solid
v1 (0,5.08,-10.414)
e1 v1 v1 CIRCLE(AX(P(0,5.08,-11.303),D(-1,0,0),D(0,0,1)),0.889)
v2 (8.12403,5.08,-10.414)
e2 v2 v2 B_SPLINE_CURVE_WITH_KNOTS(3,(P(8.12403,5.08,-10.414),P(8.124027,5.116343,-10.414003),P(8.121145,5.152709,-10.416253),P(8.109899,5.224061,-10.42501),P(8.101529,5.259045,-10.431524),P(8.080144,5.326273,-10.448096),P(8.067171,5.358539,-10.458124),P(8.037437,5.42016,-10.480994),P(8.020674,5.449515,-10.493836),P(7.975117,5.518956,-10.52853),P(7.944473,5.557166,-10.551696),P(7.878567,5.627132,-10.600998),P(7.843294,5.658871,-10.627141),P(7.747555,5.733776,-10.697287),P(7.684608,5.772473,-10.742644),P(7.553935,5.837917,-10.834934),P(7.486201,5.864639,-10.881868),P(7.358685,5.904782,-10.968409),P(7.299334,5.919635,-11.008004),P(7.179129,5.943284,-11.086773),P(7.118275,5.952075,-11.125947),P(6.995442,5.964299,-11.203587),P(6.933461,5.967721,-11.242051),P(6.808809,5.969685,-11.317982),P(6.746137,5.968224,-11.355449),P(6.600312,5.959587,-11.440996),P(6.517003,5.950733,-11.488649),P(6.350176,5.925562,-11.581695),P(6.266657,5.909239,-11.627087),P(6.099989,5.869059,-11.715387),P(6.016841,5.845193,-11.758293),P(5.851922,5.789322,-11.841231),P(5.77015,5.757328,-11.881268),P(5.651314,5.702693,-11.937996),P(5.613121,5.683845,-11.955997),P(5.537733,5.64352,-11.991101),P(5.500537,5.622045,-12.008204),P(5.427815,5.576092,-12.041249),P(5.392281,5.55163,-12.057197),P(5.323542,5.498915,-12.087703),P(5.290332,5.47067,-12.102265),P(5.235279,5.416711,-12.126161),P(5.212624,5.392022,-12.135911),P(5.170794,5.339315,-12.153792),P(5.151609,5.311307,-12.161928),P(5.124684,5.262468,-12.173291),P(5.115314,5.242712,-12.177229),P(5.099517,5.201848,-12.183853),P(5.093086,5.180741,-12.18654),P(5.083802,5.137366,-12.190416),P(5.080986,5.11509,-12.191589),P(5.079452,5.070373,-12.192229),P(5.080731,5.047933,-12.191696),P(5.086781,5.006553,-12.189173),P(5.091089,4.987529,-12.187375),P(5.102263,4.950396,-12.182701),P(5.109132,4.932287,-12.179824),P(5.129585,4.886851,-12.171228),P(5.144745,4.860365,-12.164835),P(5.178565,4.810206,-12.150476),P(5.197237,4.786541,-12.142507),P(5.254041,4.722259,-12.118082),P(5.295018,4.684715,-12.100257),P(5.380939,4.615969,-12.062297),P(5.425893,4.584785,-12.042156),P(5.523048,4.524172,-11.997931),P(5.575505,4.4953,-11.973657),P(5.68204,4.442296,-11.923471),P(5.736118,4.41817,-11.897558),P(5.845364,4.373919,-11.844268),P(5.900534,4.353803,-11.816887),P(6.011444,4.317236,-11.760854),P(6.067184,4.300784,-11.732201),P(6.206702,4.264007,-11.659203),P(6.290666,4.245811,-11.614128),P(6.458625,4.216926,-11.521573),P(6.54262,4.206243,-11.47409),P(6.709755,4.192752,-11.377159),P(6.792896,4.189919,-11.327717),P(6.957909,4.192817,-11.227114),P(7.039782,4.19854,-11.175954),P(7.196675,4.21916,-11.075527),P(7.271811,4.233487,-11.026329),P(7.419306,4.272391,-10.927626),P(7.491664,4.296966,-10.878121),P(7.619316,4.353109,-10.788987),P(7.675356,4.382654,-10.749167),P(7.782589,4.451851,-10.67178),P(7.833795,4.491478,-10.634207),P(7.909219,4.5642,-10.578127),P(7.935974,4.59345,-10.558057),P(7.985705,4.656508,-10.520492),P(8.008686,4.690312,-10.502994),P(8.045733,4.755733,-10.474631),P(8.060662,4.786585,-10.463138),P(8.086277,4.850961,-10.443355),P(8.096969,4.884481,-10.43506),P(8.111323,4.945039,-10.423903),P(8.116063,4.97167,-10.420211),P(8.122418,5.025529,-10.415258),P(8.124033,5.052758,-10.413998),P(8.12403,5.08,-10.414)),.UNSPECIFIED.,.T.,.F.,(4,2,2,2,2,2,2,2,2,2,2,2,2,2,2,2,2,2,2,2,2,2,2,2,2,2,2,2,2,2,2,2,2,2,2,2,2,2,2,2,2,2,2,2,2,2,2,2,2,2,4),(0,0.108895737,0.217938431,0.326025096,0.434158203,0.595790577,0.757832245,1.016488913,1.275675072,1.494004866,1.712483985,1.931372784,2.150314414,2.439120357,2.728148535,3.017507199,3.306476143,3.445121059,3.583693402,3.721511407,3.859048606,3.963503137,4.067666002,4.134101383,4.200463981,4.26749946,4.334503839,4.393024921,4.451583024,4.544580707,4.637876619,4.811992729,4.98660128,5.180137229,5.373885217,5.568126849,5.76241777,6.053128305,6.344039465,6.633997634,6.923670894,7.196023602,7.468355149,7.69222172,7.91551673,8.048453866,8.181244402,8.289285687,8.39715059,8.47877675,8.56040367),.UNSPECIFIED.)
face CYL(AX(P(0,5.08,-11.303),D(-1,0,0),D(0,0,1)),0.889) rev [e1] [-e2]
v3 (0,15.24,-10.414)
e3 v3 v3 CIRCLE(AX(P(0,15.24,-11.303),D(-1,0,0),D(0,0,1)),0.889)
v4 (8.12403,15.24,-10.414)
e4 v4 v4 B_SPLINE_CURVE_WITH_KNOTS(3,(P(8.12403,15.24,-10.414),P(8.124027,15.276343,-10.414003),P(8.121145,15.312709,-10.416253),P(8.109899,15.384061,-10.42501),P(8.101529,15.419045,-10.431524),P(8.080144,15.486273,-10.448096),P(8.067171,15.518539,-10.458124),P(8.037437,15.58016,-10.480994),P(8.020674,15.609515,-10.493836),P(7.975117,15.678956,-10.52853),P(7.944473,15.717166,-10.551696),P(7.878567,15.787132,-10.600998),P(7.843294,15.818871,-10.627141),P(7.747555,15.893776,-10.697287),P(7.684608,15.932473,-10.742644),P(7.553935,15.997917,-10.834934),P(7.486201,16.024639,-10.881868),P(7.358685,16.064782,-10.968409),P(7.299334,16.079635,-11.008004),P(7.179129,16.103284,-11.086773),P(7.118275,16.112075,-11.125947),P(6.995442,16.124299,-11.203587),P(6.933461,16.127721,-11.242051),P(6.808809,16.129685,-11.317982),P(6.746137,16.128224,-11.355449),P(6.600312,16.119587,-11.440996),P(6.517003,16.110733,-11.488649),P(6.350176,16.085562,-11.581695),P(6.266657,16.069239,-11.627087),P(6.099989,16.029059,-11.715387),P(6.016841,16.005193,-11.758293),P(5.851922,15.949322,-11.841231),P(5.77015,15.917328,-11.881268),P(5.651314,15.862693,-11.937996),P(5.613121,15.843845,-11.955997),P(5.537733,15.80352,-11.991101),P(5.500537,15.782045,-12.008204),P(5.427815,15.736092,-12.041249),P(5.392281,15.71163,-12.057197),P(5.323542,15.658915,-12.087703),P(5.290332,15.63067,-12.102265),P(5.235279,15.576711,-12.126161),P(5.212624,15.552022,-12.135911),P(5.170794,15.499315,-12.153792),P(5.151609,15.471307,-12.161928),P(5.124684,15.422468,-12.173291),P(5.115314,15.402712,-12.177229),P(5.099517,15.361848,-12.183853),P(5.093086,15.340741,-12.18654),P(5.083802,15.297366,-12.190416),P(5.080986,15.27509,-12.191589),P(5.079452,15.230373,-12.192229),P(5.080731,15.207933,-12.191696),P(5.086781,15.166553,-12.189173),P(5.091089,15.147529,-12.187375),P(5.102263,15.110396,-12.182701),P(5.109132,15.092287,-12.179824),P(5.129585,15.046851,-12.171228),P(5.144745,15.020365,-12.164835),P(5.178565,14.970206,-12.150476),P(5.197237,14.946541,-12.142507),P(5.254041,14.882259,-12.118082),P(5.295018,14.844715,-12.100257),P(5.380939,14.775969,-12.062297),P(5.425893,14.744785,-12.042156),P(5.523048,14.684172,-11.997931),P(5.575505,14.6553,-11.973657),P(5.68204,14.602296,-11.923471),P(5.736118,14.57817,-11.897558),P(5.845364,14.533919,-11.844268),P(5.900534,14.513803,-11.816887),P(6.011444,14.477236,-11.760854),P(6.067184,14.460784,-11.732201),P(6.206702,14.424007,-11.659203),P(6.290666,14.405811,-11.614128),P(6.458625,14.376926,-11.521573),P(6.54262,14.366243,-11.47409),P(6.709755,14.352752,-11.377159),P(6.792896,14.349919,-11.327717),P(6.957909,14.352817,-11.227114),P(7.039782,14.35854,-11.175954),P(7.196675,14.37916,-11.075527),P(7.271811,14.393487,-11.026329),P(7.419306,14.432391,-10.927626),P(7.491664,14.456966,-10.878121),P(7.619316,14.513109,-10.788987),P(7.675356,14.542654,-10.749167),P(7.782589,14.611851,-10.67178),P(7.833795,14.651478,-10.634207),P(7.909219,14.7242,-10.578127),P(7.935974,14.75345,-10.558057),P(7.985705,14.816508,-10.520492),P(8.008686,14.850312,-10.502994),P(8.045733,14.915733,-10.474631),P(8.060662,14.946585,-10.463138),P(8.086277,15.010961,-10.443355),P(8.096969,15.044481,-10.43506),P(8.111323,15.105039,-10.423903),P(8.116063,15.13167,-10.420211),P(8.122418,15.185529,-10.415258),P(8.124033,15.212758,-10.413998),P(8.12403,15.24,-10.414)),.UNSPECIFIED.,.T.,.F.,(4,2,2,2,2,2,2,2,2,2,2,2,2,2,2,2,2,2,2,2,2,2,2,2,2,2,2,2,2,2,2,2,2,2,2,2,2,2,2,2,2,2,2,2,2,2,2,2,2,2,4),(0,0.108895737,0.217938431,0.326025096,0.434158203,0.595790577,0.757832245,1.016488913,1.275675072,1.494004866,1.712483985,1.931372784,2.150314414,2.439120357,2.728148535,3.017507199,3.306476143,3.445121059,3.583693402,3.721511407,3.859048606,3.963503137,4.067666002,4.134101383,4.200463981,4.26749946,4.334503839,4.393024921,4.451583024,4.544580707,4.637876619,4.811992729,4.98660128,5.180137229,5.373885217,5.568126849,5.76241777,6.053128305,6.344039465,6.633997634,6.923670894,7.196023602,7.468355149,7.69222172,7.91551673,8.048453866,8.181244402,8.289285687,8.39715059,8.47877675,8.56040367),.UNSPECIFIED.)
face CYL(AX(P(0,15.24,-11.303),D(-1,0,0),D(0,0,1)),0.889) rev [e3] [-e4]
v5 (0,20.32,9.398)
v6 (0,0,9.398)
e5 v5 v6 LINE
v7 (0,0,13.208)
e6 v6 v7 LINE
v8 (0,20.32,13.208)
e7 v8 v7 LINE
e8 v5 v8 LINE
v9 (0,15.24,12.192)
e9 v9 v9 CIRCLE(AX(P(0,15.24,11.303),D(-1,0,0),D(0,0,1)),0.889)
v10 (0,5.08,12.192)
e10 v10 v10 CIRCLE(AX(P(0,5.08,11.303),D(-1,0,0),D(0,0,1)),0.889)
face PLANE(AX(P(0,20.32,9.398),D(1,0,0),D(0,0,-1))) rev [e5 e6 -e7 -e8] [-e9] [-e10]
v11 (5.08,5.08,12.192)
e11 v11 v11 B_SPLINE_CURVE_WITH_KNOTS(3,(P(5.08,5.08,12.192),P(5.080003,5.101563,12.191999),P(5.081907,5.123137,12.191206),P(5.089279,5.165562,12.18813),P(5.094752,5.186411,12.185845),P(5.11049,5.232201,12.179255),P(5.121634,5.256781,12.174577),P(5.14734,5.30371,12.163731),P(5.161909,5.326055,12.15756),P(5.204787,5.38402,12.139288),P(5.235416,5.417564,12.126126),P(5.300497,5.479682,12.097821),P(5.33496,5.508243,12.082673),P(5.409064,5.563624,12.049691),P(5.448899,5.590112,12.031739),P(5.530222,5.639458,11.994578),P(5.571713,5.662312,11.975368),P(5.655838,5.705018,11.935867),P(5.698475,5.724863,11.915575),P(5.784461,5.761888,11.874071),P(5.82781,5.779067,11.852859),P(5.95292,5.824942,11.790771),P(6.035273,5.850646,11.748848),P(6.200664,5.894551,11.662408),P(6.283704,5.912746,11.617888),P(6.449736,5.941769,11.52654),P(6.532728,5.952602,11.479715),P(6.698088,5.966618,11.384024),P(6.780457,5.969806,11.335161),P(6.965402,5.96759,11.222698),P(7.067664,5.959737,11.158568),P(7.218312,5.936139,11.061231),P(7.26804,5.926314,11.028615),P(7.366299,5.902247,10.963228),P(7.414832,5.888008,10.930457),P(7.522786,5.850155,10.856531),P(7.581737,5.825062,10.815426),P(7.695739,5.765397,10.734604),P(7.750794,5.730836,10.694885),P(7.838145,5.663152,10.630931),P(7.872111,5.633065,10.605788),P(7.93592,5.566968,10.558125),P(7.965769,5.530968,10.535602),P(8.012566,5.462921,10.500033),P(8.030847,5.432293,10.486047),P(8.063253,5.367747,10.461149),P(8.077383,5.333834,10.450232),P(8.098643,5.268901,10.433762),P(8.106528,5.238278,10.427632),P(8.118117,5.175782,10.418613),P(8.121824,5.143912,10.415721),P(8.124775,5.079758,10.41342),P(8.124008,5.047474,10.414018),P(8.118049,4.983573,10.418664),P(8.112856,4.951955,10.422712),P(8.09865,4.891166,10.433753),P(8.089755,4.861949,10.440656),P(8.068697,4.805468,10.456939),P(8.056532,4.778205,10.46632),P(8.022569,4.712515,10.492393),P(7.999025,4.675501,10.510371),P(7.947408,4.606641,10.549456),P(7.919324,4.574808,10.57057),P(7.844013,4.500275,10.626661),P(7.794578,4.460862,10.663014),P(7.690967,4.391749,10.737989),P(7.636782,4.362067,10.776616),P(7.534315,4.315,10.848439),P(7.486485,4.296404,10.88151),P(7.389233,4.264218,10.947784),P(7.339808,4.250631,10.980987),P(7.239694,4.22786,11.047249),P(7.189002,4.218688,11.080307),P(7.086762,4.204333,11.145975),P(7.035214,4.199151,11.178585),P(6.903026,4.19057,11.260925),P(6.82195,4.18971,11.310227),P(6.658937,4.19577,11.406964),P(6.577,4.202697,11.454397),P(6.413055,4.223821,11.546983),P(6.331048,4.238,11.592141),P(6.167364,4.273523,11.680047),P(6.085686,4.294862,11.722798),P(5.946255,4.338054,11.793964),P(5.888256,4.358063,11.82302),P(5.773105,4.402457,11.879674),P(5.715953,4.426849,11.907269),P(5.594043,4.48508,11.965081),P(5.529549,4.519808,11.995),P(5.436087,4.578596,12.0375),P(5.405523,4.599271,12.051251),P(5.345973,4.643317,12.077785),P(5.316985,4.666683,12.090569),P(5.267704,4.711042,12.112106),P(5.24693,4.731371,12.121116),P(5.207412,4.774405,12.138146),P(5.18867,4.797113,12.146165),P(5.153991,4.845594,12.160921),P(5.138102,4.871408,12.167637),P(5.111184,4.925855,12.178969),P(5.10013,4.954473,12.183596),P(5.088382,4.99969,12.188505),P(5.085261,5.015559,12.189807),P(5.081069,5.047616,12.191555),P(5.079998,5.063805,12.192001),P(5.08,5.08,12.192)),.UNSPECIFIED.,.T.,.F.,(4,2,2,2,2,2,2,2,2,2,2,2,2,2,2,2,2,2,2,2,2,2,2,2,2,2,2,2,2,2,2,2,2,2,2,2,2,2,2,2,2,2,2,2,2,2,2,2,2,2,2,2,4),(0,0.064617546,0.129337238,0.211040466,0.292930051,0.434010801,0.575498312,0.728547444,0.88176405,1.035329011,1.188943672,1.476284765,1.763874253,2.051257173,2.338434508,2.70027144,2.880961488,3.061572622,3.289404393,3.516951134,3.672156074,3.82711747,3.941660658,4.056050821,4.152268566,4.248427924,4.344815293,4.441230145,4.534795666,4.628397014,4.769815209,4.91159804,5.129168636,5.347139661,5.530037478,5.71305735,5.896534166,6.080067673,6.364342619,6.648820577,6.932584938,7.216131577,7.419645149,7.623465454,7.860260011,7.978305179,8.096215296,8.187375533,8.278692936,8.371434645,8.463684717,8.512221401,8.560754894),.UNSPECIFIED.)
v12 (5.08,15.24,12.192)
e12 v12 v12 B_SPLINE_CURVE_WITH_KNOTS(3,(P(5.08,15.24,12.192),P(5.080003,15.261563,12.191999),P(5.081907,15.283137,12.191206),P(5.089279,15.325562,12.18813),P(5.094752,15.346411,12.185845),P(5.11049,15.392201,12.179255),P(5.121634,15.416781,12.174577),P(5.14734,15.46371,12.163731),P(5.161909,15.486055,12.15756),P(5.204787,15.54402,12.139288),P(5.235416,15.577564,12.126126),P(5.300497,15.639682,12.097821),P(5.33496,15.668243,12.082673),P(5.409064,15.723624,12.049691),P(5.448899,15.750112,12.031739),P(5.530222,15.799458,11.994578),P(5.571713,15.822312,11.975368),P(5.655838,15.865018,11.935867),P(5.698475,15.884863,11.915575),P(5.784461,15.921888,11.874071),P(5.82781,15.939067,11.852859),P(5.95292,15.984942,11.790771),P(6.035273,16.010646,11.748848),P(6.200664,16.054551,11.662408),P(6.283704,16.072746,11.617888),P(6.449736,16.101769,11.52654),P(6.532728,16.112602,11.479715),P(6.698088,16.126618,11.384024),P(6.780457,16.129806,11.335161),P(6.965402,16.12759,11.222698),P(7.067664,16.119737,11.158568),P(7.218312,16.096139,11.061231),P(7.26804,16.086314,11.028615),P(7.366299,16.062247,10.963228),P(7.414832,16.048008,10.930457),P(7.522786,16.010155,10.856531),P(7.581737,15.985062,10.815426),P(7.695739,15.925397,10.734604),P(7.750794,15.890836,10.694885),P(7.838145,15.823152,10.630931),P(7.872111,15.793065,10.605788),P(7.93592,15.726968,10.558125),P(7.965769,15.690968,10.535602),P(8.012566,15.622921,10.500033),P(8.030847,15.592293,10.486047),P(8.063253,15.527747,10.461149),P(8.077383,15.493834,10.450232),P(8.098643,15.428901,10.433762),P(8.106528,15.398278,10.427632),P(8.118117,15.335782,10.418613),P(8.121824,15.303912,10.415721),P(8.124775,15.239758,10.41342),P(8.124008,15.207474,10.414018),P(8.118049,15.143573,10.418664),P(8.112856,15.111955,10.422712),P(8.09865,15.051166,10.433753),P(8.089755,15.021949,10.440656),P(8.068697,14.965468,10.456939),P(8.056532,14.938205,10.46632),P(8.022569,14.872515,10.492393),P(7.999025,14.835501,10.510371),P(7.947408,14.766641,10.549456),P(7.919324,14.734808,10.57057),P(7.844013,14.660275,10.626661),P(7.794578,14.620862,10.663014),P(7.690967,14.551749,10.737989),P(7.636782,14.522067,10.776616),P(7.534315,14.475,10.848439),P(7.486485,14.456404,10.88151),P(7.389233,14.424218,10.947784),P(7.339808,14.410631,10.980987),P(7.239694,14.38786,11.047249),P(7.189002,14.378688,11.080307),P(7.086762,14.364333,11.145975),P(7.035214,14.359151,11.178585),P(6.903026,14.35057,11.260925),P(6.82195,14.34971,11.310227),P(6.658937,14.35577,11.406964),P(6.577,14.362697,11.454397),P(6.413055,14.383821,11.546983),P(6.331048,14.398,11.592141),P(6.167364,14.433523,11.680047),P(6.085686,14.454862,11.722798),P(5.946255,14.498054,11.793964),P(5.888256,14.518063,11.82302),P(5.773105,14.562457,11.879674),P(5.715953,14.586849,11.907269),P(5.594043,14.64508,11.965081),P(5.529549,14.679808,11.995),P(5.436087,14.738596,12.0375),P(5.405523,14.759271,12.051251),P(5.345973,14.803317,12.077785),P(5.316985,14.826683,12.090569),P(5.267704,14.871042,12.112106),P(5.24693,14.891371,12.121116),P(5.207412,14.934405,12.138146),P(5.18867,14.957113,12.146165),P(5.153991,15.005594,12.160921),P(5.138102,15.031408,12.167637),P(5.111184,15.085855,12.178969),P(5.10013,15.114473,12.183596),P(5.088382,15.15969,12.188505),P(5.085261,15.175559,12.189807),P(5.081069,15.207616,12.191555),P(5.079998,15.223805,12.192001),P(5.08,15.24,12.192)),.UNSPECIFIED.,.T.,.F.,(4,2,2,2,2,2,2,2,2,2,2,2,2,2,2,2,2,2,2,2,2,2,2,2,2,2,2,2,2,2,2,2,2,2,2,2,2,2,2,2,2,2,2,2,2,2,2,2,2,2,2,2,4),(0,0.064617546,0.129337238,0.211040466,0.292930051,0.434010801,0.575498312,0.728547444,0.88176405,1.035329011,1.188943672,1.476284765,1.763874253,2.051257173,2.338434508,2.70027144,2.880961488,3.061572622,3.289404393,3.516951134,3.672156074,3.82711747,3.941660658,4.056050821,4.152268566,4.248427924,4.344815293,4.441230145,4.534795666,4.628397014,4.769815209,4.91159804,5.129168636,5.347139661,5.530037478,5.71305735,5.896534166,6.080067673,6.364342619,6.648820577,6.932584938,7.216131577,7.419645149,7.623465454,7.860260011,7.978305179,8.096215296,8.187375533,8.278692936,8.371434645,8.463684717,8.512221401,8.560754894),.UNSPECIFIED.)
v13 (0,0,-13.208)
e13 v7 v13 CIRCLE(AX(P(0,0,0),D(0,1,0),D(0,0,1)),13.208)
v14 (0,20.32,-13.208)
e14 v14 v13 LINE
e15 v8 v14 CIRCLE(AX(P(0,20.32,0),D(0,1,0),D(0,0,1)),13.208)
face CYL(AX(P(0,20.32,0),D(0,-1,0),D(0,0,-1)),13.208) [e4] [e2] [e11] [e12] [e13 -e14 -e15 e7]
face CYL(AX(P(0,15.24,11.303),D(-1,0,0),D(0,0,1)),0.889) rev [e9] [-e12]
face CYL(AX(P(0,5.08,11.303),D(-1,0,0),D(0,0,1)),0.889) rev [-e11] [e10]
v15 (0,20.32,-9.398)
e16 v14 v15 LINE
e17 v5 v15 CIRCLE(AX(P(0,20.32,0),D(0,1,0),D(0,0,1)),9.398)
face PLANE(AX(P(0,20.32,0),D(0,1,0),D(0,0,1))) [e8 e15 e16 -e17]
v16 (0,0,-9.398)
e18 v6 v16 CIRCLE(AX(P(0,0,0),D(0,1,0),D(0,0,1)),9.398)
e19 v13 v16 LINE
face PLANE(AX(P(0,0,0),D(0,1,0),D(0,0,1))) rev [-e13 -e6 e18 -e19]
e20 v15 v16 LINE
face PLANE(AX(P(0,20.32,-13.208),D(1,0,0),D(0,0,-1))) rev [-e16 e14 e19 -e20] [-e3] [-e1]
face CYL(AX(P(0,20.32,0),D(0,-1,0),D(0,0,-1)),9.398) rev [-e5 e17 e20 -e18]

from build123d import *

# Parameters (mm, degrees)
BOSS_EXTRUDE1_DEPTH       = 20.32
TAP_DRILL_FOR_2_56_TAP1_D = 1.778


with BuildPart() as part:
    # Sketch1 → Boss-Extrude1 (new body)
    with BuildSketch(Plane(origin=(0, 0, 0), x_dir=(1, 0, 0), z_dir=(0, 1, 0))):
        with BuildLine():
            Line((0, 13.208), (0, 9.398))
            ThreePointArc((0, 9.398), (9.398, 0), (0, -9.398))
            Line((0, -9.398), (0, -13.208))
            ThreePointArc((0, -13.208), (13.208, 0), (0, 13.208))
        make_face()
    extrude(amount=BOSS_EXTRUDE1_DEPTH)

    # Tap Drill for #2-56 Tap1 (through all)
    with Locations(Plane(origin=(0, 15.24, -11.303), x_dir=(0, 0, -1), z_dir=(-1, 0, 0))):
        with Locations((0, 0), (-22.606, 0), (-22.606, 10.16), (0, 10.16)):
            Hole(TAP_DRILL_FOR_2_56_TAP1_D / 2)


solid = part.part
